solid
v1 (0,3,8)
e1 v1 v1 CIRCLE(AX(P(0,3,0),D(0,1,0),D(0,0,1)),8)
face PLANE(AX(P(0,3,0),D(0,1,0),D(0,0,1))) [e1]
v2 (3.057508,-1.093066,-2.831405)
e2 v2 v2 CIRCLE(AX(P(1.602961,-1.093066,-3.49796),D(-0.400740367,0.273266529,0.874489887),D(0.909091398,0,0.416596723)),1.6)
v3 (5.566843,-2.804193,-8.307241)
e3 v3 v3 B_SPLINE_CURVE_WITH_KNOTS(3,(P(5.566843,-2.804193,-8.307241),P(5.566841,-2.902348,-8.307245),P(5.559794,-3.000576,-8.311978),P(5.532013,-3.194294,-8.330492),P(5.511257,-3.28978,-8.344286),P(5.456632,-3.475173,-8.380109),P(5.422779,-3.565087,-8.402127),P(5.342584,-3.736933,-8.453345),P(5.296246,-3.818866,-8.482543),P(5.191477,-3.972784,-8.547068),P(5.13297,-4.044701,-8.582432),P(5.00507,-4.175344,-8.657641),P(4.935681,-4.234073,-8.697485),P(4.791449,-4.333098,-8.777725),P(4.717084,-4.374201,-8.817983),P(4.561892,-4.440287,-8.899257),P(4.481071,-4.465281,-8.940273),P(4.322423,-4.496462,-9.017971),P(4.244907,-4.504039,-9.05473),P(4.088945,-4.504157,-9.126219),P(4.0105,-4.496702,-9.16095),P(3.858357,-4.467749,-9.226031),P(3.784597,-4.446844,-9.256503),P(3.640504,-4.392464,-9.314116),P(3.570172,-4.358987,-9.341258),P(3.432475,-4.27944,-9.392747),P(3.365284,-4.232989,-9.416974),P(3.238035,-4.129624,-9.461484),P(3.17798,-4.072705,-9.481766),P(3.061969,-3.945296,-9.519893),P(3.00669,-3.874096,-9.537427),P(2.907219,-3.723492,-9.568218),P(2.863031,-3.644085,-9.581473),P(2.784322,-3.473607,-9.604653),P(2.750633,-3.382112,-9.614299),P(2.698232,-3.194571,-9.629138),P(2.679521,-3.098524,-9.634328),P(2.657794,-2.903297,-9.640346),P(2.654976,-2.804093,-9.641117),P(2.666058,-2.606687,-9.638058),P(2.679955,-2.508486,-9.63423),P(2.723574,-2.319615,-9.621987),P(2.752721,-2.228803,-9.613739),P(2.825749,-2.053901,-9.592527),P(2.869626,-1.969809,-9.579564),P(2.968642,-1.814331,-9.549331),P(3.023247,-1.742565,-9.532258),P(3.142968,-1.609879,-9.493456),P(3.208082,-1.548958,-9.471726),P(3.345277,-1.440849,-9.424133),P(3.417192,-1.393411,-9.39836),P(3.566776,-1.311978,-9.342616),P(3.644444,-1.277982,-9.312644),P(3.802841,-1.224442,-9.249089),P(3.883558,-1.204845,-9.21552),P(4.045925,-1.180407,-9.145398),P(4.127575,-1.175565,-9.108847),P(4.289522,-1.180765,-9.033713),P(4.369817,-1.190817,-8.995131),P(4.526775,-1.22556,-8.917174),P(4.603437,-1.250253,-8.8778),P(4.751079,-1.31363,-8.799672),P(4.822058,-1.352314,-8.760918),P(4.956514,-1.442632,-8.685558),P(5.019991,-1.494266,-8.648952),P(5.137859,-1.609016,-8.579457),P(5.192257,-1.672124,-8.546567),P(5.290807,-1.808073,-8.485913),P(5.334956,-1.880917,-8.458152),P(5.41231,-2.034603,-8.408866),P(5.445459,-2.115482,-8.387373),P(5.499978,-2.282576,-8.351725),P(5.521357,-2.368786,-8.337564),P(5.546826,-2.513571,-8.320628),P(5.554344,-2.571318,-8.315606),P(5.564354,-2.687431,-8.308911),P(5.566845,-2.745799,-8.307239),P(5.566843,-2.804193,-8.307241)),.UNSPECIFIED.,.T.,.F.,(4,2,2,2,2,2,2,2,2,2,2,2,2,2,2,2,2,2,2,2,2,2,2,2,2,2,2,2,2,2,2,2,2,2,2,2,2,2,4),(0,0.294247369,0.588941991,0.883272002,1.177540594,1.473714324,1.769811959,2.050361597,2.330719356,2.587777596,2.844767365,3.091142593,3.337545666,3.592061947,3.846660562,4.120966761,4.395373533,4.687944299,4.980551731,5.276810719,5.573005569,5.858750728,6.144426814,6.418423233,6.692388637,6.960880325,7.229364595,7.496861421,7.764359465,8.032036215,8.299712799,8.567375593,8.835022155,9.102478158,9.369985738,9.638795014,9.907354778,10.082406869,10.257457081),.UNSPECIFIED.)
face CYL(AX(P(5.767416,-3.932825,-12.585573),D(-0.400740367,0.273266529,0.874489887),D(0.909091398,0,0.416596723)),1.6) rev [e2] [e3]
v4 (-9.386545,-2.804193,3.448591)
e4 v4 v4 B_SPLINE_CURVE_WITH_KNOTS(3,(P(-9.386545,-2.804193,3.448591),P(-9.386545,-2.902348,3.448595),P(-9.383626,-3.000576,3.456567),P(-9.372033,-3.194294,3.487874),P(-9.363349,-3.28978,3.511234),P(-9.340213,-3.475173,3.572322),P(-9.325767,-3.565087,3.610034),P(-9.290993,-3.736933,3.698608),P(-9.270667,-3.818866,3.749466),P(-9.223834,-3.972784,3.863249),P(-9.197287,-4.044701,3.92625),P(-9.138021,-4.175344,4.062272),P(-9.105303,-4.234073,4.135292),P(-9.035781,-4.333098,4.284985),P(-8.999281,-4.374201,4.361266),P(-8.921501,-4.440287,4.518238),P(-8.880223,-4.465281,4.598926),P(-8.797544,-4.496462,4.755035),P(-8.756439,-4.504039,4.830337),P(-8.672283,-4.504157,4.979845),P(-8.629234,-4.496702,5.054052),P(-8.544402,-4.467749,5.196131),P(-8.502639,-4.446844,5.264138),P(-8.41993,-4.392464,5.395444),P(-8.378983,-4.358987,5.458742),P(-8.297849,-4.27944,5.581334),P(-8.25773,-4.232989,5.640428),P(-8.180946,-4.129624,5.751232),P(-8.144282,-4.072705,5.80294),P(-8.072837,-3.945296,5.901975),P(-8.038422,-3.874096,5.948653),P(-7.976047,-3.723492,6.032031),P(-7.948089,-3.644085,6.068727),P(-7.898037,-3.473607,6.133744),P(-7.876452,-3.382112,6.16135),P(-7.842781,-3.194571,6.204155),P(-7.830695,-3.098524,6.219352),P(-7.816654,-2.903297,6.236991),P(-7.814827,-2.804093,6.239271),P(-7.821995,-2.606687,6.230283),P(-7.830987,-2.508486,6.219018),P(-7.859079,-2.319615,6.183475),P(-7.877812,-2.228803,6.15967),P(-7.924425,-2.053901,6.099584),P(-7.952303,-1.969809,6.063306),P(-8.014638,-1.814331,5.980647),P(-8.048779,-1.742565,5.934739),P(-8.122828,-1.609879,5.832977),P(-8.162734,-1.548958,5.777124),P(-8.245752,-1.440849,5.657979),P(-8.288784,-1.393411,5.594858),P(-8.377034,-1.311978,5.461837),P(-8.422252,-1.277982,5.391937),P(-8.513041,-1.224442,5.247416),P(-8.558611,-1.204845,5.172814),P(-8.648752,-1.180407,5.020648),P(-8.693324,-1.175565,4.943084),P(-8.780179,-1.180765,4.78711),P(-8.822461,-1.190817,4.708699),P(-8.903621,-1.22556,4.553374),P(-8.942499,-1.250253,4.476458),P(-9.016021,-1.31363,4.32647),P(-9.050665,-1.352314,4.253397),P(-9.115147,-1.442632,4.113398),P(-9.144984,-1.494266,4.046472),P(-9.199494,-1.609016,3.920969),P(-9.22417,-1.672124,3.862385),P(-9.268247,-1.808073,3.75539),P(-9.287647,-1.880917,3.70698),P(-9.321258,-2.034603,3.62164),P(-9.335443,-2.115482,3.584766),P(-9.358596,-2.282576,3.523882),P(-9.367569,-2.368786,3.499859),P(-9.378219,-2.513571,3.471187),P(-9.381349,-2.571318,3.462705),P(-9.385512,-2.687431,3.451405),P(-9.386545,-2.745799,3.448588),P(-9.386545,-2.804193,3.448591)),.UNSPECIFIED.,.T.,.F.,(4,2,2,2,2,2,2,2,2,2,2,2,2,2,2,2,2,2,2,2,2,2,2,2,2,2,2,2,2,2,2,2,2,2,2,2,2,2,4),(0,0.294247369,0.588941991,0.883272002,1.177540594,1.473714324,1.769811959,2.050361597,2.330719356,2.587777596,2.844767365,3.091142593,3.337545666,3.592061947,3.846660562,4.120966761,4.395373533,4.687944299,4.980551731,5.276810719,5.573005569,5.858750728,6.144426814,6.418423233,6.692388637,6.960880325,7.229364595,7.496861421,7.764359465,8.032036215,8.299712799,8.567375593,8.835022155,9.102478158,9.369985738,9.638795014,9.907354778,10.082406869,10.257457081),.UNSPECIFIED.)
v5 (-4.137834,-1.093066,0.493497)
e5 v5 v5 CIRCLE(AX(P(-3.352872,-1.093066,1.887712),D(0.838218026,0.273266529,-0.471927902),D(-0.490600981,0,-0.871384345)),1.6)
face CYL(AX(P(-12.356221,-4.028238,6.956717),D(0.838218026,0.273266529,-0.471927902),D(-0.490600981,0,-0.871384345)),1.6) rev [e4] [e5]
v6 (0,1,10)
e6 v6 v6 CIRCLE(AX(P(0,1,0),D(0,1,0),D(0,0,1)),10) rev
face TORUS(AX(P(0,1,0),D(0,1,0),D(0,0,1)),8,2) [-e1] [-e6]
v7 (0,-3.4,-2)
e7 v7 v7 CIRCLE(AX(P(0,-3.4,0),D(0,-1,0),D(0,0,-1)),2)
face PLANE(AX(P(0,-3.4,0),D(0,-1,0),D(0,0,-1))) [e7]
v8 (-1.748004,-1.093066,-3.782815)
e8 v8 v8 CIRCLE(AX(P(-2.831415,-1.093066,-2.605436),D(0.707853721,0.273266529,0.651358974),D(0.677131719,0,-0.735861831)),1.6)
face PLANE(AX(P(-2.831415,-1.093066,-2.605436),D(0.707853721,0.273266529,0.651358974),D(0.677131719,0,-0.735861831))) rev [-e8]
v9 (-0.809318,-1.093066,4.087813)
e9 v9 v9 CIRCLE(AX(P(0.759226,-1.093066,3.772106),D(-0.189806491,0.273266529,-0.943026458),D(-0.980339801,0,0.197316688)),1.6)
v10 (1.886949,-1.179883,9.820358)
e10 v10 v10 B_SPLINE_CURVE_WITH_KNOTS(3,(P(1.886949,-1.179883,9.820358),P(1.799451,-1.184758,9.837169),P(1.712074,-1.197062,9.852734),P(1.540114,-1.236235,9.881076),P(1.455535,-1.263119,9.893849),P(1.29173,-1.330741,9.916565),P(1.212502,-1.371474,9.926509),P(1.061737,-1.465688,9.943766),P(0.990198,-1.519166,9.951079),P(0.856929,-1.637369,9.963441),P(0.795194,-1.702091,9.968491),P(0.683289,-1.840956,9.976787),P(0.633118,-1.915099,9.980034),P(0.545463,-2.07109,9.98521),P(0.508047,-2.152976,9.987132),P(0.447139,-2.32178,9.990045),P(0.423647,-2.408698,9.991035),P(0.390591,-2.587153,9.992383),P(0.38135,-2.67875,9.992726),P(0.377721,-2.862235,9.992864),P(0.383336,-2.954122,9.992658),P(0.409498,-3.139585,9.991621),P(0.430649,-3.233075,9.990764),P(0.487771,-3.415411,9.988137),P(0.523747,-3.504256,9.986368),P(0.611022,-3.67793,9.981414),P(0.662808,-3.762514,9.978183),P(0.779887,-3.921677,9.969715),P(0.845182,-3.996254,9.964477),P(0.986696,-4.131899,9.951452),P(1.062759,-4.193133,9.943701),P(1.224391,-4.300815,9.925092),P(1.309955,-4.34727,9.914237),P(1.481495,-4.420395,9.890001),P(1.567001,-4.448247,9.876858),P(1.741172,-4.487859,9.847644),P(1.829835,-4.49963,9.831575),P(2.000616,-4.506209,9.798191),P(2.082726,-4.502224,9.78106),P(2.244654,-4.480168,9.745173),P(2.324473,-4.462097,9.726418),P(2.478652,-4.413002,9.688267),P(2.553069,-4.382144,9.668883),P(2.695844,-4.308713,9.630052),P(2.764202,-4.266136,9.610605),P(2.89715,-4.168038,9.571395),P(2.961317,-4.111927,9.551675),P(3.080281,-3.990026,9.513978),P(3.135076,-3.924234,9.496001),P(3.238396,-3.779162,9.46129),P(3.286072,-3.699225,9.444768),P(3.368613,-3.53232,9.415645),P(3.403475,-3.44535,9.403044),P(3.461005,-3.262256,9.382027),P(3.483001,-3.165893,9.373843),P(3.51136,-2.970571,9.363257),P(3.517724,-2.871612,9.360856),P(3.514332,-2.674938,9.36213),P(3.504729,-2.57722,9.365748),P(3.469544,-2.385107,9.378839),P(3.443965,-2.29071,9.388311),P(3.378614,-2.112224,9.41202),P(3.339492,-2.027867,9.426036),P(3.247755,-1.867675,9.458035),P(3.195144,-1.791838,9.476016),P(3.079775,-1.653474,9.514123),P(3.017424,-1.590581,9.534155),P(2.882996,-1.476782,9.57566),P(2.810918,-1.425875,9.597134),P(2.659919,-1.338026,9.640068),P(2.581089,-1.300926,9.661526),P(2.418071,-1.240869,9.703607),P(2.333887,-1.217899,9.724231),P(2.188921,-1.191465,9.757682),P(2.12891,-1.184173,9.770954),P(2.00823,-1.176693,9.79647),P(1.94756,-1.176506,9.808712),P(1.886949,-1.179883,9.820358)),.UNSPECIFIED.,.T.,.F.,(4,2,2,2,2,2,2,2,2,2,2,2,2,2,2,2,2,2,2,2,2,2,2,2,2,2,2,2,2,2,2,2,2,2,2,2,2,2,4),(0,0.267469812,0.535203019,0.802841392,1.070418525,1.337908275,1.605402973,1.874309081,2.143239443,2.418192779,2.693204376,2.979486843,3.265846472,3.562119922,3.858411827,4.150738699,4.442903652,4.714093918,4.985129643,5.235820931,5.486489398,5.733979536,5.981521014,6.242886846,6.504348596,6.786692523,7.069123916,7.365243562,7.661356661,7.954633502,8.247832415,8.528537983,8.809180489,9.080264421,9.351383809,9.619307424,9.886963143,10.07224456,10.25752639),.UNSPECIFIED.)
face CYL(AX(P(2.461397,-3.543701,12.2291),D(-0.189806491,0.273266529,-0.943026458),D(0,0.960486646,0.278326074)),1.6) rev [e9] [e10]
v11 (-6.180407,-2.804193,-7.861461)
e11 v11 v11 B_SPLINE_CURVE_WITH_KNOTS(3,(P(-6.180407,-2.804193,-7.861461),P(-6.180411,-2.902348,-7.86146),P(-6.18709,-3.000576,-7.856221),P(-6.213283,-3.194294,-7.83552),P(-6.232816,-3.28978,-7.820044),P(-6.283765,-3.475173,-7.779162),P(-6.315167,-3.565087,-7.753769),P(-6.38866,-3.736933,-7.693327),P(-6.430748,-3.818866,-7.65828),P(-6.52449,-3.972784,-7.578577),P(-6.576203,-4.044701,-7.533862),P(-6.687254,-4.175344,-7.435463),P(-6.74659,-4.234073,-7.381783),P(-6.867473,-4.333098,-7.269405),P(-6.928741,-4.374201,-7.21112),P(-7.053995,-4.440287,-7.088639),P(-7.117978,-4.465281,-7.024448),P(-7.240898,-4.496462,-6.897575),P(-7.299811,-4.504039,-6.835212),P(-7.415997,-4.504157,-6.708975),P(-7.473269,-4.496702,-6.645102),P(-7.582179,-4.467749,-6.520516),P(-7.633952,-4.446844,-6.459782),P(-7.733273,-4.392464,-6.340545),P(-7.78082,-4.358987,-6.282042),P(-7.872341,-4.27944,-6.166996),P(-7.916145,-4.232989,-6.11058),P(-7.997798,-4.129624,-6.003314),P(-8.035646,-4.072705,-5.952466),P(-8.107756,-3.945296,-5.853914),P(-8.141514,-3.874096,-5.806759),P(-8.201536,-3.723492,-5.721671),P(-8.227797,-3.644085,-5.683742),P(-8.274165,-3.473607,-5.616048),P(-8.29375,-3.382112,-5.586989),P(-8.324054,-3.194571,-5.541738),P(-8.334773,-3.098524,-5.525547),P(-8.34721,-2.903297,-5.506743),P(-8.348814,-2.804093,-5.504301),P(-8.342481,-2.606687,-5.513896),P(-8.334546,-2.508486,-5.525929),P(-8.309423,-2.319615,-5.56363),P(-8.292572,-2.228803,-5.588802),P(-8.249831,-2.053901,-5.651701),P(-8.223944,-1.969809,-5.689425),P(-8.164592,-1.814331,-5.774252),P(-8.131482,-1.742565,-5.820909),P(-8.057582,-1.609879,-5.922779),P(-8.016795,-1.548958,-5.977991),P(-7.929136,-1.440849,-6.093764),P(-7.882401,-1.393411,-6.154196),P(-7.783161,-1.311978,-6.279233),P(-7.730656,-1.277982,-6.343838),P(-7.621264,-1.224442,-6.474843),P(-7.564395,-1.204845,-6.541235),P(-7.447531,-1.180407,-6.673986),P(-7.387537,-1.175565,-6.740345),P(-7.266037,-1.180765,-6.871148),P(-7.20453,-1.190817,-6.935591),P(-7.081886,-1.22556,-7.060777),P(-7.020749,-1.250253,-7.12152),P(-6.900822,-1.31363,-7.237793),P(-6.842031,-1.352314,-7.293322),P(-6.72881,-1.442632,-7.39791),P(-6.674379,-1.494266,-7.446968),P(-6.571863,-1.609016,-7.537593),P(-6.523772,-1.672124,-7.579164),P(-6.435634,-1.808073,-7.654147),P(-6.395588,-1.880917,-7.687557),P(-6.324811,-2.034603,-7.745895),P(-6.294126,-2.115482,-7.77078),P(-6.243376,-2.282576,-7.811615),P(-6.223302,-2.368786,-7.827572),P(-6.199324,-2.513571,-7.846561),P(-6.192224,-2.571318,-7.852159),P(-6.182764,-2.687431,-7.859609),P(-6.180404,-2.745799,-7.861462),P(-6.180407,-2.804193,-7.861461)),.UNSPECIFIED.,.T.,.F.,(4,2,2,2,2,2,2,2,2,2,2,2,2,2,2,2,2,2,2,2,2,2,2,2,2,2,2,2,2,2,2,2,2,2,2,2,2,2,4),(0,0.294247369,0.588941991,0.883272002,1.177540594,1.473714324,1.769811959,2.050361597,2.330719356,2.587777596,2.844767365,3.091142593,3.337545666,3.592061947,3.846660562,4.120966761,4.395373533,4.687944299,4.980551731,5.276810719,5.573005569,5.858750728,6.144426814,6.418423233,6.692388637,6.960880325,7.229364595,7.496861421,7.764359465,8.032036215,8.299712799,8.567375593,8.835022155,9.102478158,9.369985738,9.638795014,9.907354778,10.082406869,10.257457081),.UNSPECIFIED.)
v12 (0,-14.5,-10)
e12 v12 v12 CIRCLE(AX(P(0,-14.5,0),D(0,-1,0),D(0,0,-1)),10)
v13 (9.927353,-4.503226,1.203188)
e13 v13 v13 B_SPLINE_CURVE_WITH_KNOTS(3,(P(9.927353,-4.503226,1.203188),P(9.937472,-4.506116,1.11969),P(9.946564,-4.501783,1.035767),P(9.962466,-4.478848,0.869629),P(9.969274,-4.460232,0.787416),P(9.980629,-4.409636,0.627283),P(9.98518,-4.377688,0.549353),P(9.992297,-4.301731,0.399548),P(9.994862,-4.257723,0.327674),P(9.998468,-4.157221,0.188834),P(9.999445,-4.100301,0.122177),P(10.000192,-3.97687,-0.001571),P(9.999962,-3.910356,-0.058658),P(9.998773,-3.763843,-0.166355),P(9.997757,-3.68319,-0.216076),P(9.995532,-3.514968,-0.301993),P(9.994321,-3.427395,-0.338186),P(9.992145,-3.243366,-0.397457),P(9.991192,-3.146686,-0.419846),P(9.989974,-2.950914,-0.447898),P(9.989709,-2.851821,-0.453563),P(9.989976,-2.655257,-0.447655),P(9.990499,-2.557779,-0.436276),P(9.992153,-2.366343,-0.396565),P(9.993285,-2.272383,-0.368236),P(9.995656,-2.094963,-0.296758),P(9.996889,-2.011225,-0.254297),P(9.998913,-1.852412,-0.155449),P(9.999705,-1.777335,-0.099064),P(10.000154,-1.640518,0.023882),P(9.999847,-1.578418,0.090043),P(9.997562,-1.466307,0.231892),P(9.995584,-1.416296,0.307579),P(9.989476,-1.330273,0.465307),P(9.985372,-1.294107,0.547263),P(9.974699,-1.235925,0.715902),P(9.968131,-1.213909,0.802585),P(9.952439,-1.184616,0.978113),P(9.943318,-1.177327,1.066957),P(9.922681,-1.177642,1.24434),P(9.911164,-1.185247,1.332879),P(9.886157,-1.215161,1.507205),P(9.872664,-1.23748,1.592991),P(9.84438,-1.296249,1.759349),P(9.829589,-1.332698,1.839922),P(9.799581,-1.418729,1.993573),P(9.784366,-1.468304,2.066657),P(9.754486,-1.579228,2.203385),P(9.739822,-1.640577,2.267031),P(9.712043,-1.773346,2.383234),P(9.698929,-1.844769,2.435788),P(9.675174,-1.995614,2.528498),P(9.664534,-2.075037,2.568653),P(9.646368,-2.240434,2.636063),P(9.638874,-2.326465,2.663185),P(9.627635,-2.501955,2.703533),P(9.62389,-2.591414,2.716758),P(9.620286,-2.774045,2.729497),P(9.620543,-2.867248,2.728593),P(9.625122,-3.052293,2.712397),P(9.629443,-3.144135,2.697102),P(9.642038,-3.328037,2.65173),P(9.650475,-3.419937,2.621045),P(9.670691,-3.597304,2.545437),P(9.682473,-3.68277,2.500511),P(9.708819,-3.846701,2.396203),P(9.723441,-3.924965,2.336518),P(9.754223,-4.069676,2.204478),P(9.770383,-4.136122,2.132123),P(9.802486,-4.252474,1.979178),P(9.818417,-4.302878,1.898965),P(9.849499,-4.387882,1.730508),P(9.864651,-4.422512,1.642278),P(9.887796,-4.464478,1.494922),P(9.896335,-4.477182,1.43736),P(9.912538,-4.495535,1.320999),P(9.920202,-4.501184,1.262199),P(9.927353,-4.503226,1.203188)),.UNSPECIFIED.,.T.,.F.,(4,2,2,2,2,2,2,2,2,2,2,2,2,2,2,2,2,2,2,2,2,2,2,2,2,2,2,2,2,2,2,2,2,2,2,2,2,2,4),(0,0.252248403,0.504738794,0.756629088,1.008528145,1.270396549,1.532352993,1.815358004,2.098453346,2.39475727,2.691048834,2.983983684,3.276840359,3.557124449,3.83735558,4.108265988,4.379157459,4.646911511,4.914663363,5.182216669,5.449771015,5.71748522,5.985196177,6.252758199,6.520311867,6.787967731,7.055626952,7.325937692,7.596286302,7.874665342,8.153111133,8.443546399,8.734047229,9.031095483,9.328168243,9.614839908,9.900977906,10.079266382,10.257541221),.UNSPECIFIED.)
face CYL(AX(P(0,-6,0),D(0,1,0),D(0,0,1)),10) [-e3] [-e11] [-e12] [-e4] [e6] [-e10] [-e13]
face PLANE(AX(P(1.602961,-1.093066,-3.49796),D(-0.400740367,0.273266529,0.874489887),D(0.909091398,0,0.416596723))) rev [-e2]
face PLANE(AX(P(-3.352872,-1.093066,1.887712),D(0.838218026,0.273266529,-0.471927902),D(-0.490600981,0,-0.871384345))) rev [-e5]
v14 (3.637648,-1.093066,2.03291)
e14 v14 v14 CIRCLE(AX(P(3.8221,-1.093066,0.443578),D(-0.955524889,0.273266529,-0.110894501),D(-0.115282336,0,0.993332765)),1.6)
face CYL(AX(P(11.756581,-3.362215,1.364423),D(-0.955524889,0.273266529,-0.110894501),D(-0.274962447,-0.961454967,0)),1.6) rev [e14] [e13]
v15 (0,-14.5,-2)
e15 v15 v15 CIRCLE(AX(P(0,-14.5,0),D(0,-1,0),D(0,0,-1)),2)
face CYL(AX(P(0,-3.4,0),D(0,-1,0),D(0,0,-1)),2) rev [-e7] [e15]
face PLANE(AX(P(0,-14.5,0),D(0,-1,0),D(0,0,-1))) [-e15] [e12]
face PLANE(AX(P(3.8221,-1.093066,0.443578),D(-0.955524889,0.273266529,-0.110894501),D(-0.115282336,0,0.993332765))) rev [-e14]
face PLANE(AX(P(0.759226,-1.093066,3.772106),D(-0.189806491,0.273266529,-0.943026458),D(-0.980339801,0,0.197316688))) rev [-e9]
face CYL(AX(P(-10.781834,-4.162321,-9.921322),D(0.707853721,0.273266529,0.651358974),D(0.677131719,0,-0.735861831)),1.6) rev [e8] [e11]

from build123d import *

# Parameters (mm, degrees)
BOSS_EXTRUDE1_DEPTH      = 3
BOSS_EXTRUDE1_DEPTH_BACK = 6
SKETCH1_R                = 10
SKETCH4_R                = 1.6
HOLE_DEPTH               = 19.539009706
HOLECIR_COUNT            = 5
FILLET3_R                = 2
BOSS_EXTRUDE2_START      = 8.5
SKETCH5_R                = 10
BOSS_EXTRUDE2_DEPTH      = 8.5
SKETCH6_R                = 2
CUT_EXTRUDE1_DEPTH       = 11.1


with BuildPart() as part:
    # Sketch1 → Boss-Extrude1 (new, two sides: drawn at the far end of the back side and taken through both)
    with BuildSketch(Plane(origin=(0, 0, 0), x_dir=(1, 0, 0), z_dir=(0, 1, 0)).offset(-BOSS_EXTRUDE1_DEPTH_BACK)):
        Circle(SKETCH1_R)
    extrude(amount=BOSS_EXTRUDE1_DEPTH + BOSS_EXTRUDE1_DEPTH_BACK)

    # Sketch4 → hole (cut, through all)
    with BuildSketch(Plane(origin=(-3.352872105, -1.093066116, 1.887711608), x_dir=(-0.4486862613641547, -0.14627571033740308, -0.8816371449912632), z_dir=(0.8382180262940947, 0.2732665289126682, -0.47192790187872385))):
        Circle(SKETCH4_R)
    hole = extrude(amount=-HOLE_DEPTH, mode=Mode.SUBTRACT)

    # holecir: hole ×5 about axis
    holecir_axis = Axis((0, 5.5, 0), (0, -1, 0))
    for i in range(1, HOLECIR_COUNT):
        add(hole.rotate(holecir_axis, i * 360 / HOLECIR_COUNT), mode=Mode.SUBTRACT)

    # Fillet3
    fillet3_edges = [part.edges().sort_by_distance(p)[0] for p in [
        (-10, 3, 0),
    ]]
    fillet(fillet3_edges, radius=FILLET3_R)

    # Sketch5 → Boss-Extrude2 (add)
    with BuildSketch(Plane.XZ.offset(6).offset(BOSS_EXTRUDE2_START)):
        Circle(SKETCH5_R)
    extrude(amount=-BOSS_EXTRUDE2_DEPTH)

    # Sketch6 → Cut-Extrude1 (cut)
    with BuildSketch(Plane.XZ.offset(14.5)):
        Circle(SKETCH6_R)
    extrude(amount=-CUT_EXTRUDE1_DEPTH, mode=Mode.SUBTRACT)


solid = part.part
